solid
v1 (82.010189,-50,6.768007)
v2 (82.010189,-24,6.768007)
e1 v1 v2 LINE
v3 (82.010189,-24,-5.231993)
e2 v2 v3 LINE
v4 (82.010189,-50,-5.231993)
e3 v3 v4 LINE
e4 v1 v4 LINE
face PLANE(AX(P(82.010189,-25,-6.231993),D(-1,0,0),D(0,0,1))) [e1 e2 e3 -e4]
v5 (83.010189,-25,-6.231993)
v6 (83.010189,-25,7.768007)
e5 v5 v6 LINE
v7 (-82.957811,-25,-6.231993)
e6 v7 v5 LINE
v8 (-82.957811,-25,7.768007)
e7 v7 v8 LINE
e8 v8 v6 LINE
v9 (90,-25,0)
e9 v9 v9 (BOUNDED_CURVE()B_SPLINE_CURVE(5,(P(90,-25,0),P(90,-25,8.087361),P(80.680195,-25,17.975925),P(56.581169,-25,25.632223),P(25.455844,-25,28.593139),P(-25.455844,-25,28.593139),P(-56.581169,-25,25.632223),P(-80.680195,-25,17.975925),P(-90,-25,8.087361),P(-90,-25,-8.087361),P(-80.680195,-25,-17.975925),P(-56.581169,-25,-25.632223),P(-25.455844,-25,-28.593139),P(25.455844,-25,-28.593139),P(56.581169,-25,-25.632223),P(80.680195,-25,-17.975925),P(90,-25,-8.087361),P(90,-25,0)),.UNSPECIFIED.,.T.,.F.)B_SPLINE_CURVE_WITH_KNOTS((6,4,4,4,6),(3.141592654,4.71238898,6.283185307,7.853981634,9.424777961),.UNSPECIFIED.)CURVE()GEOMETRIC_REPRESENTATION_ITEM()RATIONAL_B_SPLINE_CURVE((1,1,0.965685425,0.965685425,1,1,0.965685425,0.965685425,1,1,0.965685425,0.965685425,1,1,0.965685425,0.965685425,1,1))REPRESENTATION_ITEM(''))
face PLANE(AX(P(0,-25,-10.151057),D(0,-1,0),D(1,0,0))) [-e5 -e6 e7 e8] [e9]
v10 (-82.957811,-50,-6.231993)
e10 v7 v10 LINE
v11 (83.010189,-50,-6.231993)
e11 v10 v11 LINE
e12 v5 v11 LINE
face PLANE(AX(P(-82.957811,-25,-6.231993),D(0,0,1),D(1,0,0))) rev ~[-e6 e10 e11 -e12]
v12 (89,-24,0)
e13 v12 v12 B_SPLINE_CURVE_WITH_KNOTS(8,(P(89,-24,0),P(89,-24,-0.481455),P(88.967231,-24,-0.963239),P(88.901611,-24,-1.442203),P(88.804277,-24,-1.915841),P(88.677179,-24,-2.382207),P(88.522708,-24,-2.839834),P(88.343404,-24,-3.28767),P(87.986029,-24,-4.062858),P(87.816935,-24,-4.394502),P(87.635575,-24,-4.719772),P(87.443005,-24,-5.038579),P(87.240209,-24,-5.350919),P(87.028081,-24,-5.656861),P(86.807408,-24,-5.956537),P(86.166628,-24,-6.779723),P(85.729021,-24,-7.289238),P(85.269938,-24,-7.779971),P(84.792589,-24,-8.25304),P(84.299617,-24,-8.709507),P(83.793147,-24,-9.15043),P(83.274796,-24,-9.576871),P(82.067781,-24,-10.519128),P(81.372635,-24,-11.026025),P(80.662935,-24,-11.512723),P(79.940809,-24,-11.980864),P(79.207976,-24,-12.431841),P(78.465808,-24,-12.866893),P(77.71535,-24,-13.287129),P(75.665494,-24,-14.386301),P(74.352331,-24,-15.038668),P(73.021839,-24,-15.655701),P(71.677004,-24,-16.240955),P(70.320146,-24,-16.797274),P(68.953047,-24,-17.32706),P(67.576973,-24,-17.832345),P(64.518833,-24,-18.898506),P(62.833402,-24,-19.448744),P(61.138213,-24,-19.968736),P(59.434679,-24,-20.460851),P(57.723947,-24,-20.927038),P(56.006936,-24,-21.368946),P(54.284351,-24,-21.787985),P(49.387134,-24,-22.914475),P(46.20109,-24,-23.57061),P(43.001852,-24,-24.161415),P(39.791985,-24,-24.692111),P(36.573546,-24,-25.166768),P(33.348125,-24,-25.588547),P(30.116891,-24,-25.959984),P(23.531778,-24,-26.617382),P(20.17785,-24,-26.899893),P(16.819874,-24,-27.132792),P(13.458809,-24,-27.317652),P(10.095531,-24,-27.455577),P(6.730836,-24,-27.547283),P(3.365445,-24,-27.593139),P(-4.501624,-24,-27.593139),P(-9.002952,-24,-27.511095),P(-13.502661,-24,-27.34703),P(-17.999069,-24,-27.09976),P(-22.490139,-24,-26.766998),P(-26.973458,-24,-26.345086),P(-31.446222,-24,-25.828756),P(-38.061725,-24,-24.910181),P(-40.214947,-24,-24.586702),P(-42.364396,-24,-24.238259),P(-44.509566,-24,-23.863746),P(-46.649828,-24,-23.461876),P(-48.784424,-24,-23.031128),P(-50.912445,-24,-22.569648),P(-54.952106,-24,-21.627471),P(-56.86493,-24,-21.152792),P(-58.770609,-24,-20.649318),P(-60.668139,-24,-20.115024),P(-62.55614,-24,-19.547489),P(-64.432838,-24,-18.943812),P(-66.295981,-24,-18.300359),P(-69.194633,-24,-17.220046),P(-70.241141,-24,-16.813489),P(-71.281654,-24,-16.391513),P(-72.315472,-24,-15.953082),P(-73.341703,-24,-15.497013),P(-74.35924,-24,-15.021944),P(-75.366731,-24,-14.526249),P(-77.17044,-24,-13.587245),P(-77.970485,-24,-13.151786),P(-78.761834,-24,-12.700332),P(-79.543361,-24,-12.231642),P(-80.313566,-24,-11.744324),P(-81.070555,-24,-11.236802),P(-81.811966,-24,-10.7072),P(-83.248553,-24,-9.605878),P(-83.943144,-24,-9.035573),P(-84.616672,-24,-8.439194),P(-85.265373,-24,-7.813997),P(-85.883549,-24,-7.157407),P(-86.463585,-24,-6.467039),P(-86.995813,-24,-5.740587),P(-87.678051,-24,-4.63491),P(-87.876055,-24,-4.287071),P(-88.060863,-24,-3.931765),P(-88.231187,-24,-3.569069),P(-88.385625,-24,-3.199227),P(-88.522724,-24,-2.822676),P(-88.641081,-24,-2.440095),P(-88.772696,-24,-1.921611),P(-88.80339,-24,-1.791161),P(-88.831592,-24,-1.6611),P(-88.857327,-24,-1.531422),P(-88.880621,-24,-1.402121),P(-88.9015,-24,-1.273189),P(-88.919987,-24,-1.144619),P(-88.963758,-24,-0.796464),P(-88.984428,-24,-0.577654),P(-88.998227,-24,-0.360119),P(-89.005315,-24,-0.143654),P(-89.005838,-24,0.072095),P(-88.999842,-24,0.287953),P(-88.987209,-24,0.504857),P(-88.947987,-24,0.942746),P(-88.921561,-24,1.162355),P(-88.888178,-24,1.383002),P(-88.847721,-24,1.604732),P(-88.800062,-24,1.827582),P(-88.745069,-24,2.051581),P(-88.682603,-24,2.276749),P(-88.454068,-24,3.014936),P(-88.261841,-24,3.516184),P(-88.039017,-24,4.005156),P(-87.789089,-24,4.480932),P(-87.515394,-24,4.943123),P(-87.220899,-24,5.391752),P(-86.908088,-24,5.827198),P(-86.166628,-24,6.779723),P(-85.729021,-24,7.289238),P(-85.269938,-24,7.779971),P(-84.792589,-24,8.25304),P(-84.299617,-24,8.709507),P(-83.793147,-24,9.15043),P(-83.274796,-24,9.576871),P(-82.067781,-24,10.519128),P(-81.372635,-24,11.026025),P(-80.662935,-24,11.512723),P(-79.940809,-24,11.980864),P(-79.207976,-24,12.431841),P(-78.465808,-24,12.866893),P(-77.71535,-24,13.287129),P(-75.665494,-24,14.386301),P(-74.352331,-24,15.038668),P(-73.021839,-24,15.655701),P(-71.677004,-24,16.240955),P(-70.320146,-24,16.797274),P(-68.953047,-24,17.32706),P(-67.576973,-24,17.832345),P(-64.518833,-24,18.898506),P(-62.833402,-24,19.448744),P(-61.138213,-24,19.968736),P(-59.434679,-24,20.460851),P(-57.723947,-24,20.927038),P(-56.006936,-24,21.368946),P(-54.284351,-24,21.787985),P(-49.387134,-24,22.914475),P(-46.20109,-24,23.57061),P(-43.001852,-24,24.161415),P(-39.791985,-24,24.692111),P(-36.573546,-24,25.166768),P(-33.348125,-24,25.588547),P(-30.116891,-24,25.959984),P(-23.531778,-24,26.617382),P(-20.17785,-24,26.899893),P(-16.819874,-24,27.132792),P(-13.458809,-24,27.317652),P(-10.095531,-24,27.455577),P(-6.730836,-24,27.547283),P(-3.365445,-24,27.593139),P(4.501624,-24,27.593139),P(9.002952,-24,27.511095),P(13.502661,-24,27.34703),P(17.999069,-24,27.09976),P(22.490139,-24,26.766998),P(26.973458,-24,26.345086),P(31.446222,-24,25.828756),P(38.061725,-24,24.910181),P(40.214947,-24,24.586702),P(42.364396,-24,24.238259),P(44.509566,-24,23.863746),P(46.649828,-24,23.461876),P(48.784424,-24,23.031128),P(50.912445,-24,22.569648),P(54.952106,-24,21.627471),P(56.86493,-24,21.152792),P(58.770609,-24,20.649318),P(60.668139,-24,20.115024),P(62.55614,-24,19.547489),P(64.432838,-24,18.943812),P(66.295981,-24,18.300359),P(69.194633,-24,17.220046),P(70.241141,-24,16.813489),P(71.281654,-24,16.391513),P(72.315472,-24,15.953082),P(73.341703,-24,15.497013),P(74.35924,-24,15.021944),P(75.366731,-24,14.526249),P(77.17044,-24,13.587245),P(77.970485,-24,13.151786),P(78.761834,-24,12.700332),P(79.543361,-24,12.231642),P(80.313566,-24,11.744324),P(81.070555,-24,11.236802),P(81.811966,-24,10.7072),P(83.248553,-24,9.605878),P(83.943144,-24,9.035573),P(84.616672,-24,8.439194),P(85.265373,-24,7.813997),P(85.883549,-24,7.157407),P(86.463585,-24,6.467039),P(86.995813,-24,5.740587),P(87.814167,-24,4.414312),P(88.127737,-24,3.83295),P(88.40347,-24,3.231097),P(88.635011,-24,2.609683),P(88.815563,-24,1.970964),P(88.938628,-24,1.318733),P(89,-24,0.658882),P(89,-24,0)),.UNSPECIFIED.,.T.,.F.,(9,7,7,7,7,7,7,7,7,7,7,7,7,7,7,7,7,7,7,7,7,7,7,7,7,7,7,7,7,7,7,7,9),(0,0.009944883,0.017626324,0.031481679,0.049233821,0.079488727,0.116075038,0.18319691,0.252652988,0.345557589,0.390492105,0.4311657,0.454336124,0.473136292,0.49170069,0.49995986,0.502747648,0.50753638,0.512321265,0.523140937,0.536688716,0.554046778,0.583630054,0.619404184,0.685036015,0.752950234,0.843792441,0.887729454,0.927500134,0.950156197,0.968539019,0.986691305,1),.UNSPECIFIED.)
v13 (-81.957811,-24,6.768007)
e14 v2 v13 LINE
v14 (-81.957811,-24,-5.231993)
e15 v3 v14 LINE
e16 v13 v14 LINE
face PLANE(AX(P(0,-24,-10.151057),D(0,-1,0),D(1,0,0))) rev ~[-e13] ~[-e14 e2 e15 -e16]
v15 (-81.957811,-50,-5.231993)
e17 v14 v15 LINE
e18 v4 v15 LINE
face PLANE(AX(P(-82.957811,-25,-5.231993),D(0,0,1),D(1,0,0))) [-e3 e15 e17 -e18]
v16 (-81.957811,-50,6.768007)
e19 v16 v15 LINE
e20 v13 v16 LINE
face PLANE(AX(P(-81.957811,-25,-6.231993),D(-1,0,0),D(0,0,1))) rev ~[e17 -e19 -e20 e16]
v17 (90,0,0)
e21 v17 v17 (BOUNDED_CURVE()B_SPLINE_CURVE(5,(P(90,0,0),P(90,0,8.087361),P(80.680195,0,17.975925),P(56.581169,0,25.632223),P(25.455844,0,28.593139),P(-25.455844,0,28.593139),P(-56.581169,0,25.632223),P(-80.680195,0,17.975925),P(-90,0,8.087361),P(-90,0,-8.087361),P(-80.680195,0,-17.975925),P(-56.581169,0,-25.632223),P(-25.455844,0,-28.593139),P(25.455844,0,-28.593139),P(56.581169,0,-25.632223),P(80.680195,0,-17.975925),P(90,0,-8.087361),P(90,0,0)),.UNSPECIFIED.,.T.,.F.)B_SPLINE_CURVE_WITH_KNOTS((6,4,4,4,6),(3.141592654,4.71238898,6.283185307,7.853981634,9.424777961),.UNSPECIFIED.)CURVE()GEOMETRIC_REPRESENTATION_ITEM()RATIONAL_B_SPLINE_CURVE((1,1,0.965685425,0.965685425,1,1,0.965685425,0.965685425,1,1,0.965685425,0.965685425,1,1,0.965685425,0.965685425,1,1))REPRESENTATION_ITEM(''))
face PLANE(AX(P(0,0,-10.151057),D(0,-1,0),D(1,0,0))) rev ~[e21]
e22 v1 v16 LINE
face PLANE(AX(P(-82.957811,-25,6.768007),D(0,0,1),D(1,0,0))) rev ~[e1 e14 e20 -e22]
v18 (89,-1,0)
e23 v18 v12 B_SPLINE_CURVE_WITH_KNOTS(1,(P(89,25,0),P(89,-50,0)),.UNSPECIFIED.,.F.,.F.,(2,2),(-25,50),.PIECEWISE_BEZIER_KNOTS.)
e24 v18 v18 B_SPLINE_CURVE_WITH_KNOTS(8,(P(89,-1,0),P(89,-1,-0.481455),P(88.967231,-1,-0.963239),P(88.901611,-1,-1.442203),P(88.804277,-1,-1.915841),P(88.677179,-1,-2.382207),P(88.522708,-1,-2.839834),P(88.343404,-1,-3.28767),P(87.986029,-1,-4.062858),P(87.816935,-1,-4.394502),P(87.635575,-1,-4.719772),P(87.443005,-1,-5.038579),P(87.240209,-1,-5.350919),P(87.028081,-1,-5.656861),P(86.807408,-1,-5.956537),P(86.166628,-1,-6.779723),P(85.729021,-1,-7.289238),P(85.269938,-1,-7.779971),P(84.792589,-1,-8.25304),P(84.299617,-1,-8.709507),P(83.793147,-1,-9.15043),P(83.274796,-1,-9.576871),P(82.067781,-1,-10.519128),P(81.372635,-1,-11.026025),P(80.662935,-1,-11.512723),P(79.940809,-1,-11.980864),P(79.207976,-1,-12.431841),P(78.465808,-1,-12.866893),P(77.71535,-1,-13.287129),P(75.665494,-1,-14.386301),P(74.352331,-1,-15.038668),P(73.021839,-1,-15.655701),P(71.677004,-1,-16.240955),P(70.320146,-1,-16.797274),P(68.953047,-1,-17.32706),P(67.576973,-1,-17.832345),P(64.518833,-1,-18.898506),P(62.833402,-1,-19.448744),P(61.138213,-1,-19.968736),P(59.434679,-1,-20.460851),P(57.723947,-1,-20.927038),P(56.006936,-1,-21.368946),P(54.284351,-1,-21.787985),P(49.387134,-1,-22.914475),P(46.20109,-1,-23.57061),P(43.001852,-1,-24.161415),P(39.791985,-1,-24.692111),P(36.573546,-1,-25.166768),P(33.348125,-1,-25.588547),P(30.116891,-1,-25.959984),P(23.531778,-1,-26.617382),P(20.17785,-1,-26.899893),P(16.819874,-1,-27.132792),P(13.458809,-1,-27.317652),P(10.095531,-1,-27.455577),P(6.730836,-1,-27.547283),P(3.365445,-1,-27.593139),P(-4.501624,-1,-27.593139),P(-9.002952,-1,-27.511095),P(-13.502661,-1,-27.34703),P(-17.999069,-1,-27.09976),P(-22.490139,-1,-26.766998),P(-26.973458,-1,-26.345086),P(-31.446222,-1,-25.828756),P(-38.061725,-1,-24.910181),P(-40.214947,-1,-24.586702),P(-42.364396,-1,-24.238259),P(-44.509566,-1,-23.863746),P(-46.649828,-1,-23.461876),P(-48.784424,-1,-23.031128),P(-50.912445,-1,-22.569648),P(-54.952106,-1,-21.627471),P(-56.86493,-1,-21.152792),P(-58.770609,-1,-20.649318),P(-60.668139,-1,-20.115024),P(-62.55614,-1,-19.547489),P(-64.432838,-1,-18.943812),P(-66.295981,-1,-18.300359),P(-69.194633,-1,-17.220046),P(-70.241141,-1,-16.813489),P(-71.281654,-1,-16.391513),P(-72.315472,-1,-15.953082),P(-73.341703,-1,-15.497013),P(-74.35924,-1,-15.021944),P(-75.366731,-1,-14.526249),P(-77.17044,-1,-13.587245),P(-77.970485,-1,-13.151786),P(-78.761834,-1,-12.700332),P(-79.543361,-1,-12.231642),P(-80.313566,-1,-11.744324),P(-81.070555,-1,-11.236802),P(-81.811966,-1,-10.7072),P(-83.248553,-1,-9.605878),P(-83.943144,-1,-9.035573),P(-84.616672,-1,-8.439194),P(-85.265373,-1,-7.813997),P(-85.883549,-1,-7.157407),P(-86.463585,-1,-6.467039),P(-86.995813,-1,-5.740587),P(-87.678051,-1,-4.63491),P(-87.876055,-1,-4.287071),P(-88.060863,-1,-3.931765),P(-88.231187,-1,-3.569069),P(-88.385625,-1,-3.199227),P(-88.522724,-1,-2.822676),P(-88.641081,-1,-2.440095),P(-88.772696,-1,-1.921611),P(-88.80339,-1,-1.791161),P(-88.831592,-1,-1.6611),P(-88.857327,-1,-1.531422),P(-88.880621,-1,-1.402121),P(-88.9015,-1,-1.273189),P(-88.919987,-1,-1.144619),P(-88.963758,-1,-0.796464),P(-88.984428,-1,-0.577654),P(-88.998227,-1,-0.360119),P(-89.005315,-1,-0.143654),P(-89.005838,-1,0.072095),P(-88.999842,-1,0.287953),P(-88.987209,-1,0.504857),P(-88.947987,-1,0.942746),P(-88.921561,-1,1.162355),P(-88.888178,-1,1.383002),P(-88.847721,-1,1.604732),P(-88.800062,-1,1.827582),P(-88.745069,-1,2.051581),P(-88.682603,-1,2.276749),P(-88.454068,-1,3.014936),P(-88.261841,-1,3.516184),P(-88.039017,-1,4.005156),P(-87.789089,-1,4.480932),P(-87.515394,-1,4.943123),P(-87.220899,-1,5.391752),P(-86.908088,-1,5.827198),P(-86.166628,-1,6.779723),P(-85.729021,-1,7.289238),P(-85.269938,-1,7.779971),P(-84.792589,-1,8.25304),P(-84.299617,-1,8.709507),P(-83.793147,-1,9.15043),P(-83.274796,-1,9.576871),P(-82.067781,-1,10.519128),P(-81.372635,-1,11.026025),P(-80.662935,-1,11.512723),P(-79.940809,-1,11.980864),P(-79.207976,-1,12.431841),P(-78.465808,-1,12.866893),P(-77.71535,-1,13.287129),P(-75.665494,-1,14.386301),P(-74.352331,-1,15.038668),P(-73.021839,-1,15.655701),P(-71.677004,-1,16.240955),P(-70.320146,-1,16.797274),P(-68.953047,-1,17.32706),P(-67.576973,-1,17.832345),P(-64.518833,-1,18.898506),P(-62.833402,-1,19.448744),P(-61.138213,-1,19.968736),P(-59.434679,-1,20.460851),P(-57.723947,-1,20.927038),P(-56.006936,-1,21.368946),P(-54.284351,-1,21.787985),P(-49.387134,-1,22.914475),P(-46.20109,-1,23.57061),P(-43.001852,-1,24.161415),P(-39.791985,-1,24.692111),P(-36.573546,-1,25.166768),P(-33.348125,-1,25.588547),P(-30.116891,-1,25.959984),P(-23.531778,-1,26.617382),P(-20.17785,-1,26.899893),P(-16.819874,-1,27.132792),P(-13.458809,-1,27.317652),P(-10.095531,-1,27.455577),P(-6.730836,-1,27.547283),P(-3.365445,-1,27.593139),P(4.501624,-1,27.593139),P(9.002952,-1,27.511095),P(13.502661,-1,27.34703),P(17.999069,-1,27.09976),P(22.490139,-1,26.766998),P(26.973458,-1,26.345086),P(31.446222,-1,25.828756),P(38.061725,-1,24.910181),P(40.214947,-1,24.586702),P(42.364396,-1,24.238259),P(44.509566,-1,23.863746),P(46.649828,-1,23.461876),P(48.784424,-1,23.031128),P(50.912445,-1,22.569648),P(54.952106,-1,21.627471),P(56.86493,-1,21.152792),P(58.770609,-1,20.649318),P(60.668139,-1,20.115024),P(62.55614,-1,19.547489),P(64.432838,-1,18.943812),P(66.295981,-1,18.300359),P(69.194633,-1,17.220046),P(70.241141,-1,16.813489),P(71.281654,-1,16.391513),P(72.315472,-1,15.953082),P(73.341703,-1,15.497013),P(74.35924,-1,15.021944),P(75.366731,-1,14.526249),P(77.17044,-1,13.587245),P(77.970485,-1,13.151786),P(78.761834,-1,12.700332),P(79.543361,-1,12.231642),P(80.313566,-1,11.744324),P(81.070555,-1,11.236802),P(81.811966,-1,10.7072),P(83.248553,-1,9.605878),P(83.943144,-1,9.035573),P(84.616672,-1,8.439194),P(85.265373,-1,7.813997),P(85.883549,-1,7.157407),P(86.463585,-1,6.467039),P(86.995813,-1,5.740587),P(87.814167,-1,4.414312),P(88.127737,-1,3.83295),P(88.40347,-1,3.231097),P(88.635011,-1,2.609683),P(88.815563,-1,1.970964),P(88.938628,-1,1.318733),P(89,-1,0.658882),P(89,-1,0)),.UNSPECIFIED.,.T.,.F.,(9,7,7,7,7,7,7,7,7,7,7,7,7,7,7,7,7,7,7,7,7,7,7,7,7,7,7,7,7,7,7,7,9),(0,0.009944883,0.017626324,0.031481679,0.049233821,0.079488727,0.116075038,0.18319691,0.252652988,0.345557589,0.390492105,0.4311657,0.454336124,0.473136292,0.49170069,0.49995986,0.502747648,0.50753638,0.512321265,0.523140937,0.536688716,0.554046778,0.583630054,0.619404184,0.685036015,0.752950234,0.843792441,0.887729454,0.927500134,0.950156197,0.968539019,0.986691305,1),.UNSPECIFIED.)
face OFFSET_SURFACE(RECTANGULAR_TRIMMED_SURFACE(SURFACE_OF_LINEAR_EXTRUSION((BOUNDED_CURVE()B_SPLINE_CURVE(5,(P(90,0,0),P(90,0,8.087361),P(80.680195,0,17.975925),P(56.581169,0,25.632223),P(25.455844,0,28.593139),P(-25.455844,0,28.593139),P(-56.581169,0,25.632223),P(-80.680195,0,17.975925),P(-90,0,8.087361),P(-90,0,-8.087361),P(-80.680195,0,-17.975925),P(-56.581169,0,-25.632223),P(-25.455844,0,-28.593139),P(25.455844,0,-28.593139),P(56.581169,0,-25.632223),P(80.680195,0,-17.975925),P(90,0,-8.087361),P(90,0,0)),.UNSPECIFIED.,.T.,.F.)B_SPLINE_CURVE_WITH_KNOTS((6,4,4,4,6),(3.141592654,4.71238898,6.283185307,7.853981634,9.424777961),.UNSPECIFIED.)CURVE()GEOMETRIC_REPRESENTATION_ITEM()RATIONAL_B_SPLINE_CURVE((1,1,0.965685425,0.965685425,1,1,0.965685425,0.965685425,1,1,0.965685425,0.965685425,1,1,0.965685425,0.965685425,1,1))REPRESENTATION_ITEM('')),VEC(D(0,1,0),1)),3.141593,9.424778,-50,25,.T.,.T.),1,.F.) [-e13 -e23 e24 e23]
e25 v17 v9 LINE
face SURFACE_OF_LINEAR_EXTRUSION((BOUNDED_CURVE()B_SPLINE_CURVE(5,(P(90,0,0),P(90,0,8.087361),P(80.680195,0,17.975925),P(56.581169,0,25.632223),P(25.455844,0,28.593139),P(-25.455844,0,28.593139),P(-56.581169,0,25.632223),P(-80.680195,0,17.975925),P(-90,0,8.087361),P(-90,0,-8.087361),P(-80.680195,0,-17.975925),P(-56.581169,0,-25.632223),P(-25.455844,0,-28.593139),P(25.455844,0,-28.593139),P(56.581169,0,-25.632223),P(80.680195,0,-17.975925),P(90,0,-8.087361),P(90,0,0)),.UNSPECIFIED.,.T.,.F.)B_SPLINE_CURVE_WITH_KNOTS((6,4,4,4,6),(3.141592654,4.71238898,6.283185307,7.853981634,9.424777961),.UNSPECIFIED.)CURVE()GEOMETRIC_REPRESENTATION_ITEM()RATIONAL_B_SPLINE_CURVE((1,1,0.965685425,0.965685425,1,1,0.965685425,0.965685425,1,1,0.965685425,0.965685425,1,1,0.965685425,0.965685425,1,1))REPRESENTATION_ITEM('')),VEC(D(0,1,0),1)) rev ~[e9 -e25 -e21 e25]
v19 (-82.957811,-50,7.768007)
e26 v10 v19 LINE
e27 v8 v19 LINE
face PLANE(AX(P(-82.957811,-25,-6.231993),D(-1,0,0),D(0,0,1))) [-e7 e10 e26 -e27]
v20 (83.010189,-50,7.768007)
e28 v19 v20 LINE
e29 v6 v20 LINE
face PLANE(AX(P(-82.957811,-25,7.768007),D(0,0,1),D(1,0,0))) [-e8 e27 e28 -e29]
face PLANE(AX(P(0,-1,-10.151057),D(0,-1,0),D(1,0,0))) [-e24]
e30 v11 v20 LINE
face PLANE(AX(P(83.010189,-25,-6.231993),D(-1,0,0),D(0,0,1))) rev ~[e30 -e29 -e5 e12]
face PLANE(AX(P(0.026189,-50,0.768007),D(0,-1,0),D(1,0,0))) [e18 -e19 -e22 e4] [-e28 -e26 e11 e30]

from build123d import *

# Parameters (mm, degrees)
F1_DEPTH = 25
F2_W     = 165.9680002281
F2_H     = 14
F3_DEPTH = 25
F4_T     = -1


with BuildPart() as f1:
    # F0 (on Front) → F1 (new body)
    with BuildSketch(Plane.XZ):
        with BuildLine():
            Line((90, 0), (-90, 0))
            add(Edge.make_bspline(
                [(-90, 0), (-90, -28.5931390098), (0, -28.5931390098), (90, -28.5931390098), (90, 0)],
                knots=[0, 0, 0, 1.5707963268, 1.5707963268, 3.1415926536, 3.1415926536, 3.1415926536], degree=2, weights=[1, 0.7071067812, 1, 0.7071067812, 1]))
        make_face()
        with BuildLine():
            add(Edge.make_bspline(
                [(90, 0), (90, 28.5931390098), (0, 28.5931390098), (-90, 28.5931390098), (-90, 0)],
                knots=[3.1415926536, 3.1415926536, 3.1415926536, 4.7123889804, 4.7123889804, 6.2831853072, 6.2831853072, 6.2831853072], degree=2, weights=[1, 0.7071067812, 1, 0.7071067812, 1]))
            Line((-90, 0), (90, 0))
        make_face()
    extrude(amount=F1_DEPTH)

    # F2 (on face) → F3 (join)
    with BuildSketch(Plane.XZ.offset(25)):
        with Locations((0.0261887908, 0.7680070121)):
            Rectangle(F2_W, F2_H)
    extrude(amount=F3_DEPTH)

    # F4
    f4_openings = [f1.faces().sort_by_distance(p)[0] for p in [
        (0.026189, -50, 0.768007),
    ]]
    offset(amount=F4_T, openings=f4_openings, kind=Kind.INTERSECTION)


solid = f1.part
